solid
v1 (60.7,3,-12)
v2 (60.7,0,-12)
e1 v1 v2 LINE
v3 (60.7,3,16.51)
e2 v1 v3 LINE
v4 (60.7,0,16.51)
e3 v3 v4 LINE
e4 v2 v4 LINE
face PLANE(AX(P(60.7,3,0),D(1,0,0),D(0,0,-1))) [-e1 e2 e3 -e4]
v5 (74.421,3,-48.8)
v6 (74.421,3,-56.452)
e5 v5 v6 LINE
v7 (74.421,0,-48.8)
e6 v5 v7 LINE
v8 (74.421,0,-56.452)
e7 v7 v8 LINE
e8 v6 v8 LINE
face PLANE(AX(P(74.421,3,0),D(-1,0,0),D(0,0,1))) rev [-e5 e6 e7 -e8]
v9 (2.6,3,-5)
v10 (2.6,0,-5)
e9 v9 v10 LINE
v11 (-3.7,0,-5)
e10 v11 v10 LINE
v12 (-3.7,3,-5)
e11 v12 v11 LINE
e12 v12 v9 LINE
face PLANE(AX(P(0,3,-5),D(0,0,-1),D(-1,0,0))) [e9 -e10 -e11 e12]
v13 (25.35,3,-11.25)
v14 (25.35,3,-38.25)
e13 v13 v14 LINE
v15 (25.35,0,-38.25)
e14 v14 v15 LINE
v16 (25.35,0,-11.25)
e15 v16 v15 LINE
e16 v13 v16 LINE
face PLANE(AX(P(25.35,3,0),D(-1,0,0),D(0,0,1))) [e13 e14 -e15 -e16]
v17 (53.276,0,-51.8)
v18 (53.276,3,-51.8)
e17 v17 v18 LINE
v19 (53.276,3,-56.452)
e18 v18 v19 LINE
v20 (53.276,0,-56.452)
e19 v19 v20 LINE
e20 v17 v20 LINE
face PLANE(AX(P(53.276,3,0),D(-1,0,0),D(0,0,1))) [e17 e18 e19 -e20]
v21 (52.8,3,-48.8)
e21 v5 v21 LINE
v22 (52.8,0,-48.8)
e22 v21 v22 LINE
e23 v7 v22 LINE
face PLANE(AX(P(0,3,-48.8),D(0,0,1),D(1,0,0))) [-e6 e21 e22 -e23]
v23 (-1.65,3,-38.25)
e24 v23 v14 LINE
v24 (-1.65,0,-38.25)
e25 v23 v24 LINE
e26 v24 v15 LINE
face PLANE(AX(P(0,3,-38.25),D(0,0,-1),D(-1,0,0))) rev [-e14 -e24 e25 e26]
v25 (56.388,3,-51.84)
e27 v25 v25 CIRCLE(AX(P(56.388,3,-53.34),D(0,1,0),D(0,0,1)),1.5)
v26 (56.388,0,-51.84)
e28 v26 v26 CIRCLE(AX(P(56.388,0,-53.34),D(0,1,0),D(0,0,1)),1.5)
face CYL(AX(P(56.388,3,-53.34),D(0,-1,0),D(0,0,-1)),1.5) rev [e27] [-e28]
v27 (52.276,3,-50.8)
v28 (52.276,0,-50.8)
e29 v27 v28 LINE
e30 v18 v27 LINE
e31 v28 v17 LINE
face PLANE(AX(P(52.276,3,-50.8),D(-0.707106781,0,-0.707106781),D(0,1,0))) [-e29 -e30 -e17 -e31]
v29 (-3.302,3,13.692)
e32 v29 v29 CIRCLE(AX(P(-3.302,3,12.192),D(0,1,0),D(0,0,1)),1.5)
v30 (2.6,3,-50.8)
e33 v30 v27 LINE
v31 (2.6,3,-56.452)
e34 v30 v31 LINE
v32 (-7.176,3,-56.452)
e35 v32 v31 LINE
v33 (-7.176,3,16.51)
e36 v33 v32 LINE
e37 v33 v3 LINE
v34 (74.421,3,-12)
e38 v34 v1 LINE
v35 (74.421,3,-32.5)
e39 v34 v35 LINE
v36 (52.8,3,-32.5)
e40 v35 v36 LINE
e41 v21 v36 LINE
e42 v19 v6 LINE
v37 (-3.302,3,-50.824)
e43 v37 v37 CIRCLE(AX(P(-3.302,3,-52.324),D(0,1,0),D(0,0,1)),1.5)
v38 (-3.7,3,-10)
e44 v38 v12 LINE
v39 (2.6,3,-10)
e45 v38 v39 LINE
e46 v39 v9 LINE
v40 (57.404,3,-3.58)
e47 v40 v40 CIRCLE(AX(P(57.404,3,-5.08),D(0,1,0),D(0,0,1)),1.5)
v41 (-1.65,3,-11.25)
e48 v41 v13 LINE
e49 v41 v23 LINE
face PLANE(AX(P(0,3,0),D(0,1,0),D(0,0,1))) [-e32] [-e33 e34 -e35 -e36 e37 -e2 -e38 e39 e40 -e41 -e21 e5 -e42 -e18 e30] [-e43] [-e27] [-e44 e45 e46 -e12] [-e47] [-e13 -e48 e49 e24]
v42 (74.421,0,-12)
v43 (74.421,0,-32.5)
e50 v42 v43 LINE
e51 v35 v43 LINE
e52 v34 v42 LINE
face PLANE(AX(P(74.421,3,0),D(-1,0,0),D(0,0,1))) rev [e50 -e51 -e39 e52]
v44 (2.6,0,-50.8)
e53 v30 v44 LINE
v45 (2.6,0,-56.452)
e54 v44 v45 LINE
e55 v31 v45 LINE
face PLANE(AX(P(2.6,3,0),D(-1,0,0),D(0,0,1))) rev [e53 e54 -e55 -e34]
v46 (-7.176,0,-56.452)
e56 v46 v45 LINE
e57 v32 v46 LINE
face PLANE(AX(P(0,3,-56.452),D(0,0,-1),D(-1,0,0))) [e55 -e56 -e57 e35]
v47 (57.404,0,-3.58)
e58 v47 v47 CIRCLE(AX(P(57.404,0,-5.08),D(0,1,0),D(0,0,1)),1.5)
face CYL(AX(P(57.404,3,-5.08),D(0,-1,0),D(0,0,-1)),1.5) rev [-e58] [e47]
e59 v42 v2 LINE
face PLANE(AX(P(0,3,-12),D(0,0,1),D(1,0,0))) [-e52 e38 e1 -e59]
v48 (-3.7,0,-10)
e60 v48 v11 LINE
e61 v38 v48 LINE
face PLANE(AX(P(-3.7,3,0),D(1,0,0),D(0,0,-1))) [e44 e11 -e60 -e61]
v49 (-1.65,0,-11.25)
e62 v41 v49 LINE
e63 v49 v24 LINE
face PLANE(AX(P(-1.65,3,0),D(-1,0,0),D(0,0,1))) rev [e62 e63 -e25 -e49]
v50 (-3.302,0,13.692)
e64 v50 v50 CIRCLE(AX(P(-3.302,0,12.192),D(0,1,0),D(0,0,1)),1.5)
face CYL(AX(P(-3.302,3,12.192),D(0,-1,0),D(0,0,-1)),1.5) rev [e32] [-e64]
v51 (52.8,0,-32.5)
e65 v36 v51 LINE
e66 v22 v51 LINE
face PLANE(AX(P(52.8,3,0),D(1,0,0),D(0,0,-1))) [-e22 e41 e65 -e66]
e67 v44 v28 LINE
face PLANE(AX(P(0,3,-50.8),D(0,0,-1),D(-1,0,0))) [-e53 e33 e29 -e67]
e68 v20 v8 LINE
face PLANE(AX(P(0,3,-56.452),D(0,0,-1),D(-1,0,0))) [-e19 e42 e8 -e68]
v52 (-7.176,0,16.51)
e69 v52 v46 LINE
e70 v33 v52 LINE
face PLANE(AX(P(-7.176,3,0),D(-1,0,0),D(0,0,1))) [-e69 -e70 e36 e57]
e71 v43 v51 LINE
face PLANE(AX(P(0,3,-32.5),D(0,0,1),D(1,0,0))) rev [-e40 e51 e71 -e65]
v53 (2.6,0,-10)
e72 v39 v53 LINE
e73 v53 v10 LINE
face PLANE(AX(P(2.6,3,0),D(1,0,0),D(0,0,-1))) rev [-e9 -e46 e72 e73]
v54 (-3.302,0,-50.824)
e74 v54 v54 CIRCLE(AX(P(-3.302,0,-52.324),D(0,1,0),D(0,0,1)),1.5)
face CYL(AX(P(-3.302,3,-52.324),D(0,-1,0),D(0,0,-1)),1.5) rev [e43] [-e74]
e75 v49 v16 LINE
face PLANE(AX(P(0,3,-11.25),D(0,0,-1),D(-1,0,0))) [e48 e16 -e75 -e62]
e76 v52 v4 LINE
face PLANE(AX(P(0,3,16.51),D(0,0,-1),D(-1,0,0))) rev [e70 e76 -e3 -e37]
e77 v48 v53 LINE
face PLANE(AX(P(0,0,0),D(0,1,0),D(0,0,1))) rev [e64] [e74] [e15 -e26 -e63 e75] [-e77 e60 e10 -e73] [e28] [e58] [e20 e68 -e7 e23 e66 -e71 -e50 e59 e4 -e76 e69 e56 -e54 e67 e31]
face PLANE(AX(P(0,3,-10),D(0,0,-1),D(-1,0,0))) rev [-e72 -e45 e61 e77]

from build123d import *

# Parameters (mm, degrees)
SKETCH_1_R      = 1.5
SKETCH_1_W      = 6.3
SKETCH_1_H      = 5
SKETCH_1_W_2    = 27
SKETCH_1_H_2    = 27
EXTRUDE_1_DEPTH = 3
CHAMFER_1_SIZE  = 1


with BuildPart() as part:
    # 草图1 → 凸台-拉伸1 (new body)
    with BuildSketch(Plane(origin=(0, 0, 0), x_dir=(1, 0, 0), z_dir=(0, 1, 0))):
        Polygon((-7.176, 56.452), (-7.176, -16.51), (60.7, -16.51), (60.7, 12), (74.421, 12), (74.421, 32.5), (52.8, 32.5), (52.8, 48.8), (74.421, 48.8), (74.421, 56.452), (53.276, 56.452), (53.276, 50.8), (2.6, 50.8), (2.6, 56.452), align=None)
        with Locations(Location((-3.302, -12.192, 0), (0, 0, 270))):
            Circle(SKETCH_1_R, mode=Mode.SUBTRACT)
        with Locations((-0.55, 7.5)):
            Rectangle(SKETCH_1_W, SKETCH_1_H, mode=Mode.SUBTRACT)
        with Locations(Location((57.404, 5.08, 0), (0, 0, 270))):
            Circle(SKETCH_1_R, mode=Mode.SUBTRACT)
        with Locations((11.85, 24.75)):
            Rectangle(SKETCH_1_W_2, SKETCH_1_H_2, mode=Mode.SUBTRACT)
        with Locations(Location((-3.302, 52.324, 0), (0, 0, 270))):
            Circle(SKETCH_1_R, mode=Mode.SUBTRACT)
        with Locations(Location((56.388, 53.34, 0), (0, 0, 270))):
            Circle(SKETCH_1_R, mode=Mode.SUBTRACT)
    extrude(amount=EXTRUDE_1_DEPTH)

    # 倒角1
    chamfer_1_edges = [part.edges().sort_by_distance(p)[0] for p in [
        (53.276, 1.5, -50.8),
    ]]
    chamfer(chamfer_1_edges, length=CHAMFER_1_SIZE)


solid = part.part
